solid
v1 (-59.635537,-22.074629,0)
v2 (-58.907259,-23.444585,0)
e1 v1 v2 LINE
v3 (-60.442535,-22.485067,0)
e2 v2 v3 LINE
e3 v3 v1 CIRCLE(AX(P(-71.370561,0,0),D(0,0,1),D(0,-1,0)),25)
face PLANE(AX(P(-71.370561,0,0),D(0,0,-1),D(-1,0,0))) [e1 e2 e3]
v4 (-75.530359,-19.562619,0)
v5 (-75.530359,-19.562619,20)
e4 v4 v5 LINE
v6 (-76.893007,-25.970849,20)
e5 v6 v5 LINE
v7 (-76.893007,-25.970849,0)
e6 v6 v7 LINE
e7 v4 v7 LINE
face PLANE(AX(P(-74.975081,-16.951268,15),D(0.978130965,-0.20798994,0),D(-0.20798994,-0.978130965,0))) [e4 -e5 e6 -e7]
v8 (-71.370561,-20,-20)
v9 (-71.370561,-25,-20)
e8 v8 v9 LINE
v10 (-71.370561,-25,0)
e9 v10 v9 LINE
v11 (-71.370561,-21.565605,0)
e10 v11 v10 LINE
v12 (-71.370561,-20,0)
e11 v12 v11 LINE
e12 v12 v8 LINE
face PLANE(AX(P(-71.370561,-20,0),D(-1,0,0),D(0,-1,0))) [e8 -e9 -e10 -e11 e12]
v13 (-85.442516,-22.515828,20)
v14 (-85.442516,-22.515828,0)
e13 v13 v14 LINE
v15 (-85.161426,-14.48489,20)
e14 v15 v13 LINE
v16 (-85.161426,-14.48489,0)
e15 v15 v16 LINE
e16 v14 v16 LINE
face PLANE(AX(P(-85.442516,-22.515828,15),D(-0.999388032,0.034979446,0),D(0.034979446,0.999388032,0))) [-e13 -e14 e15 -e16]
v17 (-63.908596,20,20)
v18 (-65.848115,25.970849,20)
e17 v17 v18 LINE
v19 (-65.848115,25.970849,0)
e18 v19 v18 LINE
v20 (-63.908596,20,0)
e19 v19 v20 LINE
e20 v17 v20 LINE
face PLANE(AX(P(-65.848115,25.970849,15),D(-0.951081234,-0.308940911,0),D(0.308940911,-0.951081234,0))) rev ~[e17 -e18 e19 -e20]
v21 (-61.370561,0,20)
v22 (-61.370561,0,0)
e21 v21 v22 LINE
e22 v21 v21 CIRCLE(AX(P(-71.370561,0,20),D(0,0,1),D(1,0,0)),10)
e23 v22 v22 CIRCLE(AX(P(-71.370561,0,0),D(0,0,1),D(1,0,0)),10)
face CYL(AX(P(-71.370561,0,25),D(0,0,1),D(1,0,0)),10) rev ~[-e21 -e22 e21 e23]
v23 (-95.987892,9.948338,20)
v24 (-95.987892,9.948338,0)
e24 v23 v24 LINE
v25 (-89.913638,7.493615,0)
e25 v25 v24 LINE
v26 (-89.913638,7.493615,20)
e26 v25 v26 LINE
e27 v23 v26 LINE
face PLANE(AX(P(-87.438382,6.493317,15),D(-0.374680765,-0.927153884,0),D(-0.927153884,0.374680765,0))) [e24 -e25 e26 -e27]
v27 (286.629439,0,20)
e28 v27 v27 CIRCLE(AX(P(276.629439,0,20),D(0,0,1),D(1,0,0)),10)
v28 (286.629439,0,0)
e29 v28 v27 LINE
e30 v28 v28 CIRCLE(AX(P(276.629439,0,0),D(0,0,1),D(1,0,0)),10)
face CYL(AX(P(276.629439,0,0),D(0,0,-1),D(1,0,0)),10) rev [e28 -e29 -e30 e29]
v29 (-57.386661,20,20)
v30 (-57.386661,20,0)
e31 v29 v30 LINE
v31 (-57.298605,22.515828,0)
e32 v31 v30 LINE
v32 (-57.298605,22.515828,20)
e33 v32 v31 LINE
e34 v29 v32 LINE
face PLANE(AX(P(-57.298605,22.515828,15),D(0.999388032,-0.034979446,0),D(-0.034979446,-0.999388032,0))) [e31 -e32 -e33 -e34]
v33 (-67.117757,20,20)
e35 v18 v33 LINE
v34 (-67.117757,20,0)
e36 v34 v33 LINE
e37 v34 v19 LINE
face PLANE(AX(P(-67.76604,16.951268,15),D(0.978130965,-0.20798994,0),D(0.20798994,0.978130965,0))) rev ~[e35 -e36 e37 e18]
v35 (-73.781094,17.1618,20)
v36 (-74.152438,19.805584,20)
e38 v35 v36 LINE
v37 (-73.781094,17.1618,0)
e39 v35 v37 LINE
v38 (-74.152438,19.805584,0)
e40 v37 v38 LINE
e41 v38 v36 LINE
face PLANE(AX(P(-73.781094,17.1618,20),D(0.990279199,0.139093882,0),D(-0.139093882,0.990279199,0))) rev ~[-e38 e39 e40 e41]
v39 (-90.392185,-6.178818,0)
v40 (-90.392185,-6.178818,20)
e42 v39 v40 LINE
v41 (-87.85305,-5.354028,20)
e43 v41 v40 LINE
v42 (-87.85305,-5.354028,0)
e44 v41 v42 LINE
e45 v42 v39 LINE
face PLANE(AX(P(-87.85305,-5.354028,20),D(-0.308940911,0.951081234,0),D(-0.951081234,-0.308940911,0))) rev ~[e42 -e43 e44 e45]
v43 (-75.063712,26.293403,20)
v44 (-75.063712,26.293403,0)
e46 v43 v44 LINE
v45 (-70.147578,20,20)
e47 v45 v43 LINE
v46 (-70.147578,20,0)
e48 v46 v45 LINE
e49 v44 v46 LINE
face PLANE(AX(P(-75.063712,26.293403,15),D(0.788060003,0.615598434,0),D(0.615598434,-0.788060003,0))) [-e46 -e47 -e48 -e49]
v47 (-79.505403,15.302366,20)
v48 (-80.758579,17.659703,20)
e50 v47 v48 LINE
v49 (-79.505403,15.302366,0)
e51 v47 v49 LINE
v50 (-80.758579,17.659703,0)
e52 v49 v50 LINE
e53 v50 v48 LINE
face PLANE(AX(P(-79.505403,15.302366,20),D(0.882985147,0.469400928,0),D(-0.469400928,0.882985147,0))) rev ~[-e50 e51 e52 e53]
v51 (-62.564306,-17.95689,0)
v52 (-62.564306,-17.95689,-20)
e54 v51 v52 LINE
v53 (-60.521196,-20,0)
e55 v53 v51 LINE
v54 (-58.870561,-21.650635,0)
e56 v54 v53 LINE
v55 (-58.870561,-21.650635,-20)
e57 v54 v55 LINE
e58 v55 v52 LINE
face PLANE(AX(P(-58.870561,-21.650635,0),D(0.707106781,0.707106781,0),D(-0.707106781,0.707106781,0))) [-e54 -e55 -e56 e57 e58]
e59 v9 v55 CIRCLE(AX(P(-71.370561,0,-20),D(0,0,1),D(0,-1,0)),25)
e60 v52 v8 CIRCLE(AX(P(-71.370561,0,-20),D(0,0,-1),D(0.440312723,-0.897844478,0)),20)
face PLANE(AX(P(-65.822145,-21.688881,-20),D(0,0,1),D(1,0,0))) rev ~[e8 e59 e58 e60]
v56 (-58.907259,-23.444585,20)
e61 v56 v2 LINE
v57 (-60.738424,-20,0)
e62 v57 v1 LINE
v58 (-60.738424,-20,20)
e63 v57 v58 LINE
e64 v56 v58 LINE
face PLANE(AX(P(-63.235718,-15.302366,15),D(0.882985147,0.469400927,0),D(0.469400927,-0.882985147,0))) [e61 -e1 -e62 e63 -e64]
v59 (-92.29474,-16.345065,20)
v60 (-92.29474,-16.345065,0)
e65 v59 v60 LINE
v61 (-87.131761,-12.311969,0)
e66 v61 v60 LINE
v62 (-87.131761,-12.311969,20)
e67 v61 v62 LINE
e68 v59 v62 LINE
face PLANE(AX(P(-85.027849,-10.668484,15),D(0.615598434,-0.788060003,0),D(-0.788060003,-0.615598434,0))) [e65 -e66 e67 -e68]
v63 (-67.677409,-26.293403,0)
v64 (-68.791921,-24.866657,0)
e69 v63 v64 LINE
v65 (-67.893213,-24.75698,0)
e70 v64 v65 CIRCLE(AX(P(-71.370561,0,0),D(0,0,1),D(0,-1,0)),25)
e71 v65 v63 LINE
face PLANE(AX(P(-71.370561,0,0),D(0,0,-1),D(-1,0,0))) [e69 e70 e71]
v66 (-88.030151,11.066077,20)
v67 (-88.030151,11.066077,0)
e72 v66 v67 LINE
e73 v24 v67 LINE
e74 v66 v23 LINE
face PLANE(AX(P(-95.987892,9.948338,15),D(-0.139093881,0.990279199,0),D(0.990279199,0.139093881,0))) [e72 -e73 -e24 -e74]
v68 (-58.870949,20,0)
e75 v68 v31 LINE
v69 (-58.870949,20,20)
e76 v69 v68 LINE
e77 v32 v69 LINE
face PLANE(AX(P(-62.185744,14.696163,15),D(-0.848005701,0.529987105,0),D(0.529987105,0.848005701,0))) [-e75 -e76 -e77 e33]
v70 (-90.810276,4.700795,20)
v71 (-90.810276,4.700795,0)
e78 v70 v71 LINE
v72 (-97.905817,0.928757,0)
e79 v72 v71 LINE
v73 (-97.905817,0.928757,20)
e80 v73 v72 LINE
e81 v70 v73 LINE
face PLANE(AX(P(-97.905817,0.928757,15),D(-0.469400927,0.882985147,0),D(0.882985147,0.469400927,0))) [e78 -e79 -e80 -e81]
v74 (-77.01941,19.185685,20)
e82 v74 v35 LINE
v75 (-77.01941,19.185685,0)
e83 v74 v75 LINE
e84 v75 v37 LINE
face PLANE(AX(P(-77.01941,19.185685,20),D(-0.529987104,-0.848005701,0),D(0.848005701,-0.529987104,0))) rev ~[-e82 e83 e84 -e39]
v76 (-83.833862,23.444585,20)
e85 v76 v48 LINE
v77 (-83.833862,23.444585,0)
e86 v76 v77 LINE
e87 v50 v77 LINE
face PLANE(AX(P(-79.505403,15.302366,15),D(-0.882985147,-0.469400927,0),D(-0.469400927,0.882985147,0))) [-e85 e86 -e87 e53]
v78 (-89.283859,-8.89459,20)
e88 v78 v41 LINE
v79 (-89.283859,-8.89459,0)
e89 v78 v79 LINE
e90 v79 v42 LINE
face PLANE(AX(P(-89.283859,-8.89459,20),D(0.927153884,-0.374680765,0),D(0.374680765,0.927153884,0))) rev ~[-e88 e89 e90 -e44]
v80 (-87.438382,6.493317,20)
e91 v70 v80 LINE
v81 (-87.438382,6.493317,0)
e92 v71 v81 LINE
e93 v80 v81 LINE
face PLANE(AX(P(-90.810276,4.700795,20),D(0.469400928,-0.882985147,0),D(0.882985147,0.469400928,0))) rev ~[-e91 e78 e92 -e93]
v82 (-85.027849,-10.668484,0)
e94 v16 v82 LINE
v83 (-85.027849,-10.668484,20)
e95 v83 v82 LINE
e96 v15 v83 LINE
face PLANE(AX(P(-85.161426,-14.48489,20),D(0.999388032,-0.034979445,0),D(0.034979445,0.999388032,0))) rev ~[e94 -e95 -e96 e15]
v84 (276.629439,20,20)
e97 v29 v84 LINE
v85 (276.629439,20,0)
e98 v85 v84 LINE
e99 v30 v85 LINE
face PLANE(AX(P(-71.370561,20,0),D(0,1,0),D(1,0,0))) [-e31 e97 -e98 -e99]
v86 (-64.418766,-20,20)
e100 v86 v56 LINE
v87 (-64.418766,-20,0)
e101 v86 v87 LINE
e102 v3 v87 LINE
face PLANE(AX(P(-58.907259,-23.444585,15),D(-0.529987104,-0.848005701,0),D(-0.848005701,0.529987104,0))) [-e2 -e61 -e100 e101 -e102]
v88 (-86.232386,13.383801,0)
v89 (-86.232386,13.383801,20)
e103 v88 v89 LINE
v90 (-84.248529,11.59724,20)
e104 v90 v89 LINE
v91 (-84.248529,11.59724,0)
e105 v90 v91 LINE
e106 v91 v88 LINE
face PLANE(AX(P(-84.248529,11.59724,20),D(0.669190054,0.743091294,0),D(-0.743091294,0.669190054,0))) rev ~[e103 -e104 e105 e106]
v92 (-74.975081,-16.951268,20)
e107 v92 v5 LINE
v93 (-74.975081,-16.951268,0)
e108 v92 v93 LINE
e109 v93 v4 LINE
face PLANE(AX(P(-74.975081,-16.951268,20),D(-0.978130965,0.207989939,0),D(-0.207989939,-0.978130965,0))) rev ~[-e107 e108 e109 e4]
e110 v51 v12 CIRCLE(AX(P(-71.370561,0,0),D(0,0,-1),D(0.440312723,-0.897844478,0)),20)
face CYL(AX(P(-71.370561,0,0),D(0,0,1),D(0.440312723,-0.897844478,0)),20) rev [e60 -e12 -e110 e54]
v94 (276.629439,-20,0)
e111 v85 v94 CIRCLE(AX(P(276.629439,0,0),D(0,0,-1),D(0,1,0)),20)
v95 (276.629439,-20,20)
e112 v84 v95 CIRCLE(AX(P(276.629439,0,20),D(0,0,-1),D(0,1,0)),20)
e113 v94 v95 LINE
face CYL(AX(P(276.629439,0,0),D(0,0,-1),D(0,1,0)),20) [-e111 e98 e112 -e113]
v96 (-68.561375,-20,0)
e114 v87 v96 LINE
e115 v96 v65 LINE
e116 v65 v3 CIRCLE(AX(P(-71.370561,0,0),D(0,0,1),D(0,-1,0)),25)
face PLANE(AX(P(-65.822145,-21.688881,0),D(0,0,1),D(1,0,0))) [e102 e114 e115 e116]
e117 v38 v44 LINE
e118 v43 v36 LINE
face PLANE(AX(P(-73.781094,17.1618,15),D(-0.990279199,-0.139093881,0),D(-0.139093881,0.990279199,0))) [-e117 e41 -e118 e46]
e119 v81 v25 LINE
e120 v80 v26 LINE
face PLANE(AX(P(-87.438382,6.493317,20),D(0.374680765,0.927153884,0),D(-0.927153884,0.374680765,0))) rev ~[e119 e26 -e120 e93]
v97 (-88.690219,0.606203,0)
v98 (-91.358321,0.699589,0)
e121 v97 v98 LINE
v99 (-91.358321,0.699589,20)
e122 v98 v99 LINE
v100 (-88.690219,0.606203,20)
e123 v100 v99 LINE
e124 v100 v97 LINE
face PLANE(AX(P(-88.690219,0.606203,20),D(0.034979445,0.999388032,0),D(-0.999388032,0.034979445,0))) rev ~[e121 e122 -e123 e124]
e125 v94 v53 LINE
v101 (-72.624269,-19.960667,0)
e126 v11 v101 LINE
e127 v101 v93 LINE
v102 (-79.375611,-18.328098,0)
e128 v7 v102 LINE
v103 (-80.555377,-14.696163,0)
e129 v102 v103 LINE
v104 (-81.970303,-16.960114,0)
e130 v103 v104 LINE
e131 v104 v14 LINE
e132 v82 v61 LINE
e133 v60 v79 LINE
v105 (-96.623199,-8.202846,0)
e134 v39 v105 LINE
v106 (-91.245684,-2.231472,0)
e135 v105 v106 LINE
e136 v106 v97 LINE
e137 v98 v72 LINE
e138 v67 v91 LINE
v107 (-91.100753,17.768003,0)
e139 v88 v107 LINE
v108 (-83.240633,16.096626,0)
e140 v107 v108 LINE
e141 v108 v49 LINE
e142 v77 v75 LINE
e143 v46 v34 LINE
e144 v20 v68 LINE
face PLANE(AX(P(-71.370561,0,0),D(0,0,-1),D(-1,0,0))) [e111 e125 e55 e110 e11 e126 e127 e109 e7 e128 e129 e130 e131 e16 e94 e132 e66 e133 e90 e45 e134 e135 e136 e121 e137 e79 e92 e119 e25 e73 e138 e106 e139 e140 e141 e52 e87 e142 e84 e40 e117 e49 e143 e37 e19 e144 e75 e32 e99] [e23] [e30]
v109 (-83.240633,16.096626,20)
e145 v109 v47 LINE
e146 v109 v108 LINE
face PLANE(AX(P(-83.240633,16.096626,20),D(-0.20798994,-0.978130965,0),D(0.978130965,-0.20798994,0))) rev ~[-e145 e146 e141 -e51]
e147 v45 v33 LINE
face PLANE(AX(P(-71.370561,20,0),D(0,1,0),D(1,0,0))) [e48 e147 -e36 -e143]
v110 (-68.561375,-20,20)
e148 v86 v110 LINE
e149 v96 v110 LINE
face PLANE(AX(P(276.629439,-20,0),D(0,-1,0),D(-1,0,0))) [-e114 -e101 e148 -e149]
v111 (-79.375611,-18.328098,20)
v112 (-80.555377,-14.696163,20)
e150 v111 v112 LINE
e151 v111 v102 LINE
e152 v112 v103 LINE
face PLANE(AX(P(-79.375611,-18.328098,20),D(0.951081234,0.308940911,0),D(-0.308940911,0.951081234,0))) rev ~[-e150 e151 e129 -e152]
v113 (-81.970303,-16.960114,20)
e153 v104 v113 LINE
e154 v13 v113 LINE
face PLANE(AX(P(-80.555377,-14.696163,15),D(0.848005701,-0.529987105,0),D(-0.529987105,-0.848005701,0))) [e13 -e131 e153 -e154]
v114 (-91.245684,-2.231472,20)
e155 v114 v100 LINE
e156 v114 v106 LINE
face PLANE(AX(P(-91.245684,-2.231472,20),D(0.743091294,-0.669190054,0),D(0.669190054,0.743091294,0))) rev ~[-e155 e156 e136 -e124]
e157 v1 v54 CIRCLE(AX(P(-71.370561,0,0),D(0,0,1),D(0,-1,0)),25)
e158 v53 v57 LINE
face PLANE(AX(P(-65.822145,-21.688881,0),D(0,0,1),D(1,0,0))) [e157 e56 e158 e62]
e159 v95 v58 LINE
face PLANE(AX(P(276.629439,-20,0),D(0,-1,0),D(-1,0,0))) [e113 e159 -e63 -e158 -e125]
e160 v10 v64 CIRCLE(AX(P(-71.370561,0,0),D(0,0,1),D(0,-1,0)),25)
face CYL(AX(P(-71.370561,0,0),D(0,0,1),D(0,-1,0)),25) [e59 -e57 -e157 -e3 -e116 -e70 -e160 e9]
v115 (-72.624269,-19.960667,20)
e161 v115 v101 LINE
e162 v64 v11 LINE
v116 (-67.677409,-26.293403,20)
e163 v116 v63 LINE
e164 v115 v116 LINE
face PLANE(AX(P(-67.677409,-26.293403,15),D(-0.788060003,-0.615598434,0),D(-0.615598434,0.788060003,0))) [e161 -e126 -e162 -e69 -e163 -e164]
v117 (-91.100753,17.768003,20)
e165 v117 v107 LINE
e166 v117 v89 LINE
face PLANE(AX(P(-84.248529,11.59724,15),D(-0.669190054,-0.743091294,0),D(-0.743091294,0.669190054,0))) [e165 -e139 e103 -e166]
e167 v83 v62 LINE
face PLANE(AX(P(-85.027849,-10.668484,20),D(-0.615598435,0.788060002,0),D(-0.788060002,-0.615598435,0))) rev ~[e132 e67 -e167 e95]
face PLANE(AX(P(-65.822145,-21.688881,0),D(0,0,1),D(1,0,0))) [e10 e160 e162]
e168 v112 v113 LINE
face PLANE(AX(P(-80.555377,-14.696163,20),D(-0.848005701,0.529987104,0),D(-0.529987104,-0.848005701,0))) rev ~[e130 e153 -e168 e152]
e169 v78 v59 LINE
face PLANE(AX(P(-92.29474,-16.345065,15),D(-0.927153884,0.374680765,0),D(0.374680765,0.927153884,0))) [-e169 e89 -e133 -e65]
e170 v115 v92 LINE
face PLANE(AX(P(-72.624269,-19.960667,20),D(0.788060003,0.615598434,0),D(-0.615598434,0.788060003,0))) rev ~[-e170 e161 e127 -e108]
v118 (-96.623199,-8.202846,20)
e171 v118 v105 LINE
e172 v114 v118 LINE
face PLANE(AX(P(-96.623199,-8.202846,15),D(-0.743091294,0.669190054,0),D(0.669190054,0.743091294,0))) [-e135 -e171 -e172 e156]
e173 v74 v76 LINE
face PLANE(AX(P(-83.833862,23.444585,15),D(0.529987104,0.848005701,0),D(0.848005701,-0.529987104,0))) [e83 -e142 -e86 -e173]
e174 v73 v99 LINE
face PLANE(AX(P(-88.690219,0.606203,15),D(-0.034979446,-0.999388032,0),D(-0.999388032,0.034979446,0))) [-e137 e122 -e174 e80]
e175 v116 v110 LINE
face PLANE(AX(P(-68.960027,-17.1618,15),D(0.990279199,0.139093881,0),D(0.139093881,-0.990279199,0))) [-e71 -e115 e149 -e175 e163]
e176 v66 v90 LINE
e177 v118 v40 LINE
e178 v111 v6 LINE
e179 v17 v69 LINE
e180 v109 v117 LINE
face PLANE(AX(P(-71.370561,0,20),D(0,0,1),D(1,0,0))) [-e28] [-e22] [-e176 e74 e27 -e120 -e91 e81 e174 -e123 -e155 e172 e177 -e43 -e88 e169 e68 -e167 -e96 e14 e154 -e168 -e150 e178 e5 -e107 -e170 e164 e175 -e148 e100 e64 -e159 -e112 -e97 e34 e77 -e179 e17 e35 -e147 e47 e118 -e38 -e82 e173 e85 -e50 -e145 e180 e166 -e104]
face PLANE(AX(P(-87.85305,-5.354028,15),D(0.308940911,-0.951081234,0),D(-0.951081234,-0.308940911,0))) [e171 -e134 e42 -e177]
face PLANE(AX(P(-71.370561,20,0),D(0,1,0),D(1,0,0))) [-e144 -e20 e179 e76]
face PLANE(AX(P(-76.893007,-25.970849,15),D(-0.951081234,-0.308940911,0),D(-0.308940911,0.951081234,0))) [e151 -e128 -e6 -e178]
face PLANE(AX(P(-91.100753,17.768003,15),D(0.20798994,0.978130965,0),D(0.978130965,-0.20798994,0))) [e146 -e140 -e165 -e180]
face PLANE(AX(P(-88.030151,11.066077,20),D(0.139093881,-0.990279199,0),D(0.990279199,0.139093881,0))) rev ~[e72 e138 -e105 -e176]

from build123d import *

# Parameters (mm, degrees)
SKETCH1_R                = 10
BOSS_EXTRUDE1_DEPTH      = 20
BOSS_EXTRUDE2_DEPTH      = 20
BOSS_EXTRUDE3_DEPTH      = 10
BOSS_EXTRUDE3_DEPTH_BACK = 15
CUT_EXTRUDE1_DEPTH       = 20
CIRPATTERN1_COUNT        = 18
SKETCH11_R               = 10
CUT_EXTRUDE3_DEPTH       = 33
SKETCH12_R               = 10
CUT_EXTRUDE4_DEPTH       = 5


with BuildPart() as part:
    # Sketch1 → Boss-Extrude1 (new body)
    with BuildSketch(Plane.XY):
        with BuildLine():
            Line((-71.370560529, 20), (276.629439471, 20))
            ThreePointArc((276.629439471, 20), (296.629439471, 0), (276.629439471, -20))
            Line((276.629439471, -20), (-71.370560529, -20))
            ThreePointArc((-71.370560529, -20), (-91.370560529, 0), (-71.370560529, 20))
        make_face()
        with Locations((-71.370560529, 0)):
            Circle(SKETCH1_R, mode=Mode.SUBTRACT)
        with Locations((276.629439471, 0)):
            Circle(SKETCH1_R, mode=Mode.SUBTRACT)
    extrude(amount=BOSS_EXTRUDE1_DEPTH)

    # Sketch2 → Boss-Extrude2 (add)
    with BuildSketch(Plane(origin=(0, 0, 0), x_dir=(-1, 0, 0), z_dir=(0, 0, -1))):
        with BuildLine():
            Line((71.370560529, -20), (71.370560529, -25))
            ThreePointArc((71.370560529, -25), (64.900084402, -24.148145657), (58.870560529, -21.650635095))
            Line((58.870560529, -21.650635095), (62.564306071, -17.956889553))
            ThreePointArc((62.564306071, -17.956889553), (66.850482602, -19.482527955), (71.370560529, -20))
        make_face()
    extrude(amount=BOSS_EXTRUDE2_DEPTH)

    # Sketch6 → Boss-Extrude3 (add, two sides)
    with BuildSketch(Plane.XY.offset(15)) as boss_extrude3_sk:
        Polygon((-65.848114546, 25.970849484), (-62.185743951, 14.6961629), (-57.298605127, 22.515827849), (-57.713272426, 10.668483548), (-50.44638121, 16.345065077), (-54.888071406, 5.354027631), (-46.117922126, 8.20284623), (-54.050901831, -0.606203036), (-44.835303924, -0.928756935), (-55.302738705, -6.49331667), (-46.753229286, -9.948338305), (-58.492592027, -11.597240483), (-51.64036811, -17.768003255), (-63.235718409, -15.302365936), (-58.907259326, -23.444584784), (-68.960026809, -17.161800219), (-67.677408606, -26.293403383), (-74.97508115, -16.951268114), (-76.893006513, -25.970849484), (-80.555377108, -14.6961629), (-85.442515932, -22.515827849), (-85.027848633, -10.668483548), (-92.294739849, -16.345065077), (-87.853049653, -5.354027631), (-96.623198932, -8.20284623), (-88.690219228, 0.606203036), (-97.905817135, 0.928756935), (-87.438382354, 6.49331667), (-95.987891773, 9.948338305), (-84.248529032, 11.597240483), (-91.100752949, 17.768003255), (-79.50540265, 15.302365936), (-83.833861733, 23.444584784), (-73.78109425, 17.161800219), (-75.063712453, 26.293403383), (-67.766039909, 16.951268114), align=None)
    extrude(amount=BOSS_EXTRUDE3_DEPTH)
    extrude(boss_extrude3_sk.sketch, amount=-BOSS_EXTRUDE3_DEPTH_BACK)

    # Sketch10 → Cut-Extrude1 (cut)
    with BuildSketch(Plane.XY.offset(20)):
        with BuildLine():
            Line((-77.019410052, 19.185684743), (-73.78109425, 17.161800219))
            Line((-73.78109425, 17.161800219), (-74.152438156, 19.805583982))
            ThreePointArc((-74.152438156, 19.805583982), (-75.597303819, 19.548264403), (-77.019410052, 19.185684743))
        make_face()
    cut_extrude1 = extrude(amount=-CUT_EXTRUDE1_DEPTH, mode=Mode.SUBTRACT)

    # CirPattern1: Cut-Extrude1 ×18 about axis, 9 skipped
    cirpattern1_axis = Axis((-71.370560529, 0, 20), (0, 0, -1))
    add([cut_extrude1.rotate(cirpattern1_axis, i * 360 / CIRPATTERN1_COUNT) for i in range(1, CIRPATTERN1_COUNT) if i not in (1, 2, 3, 4, 5, 6, 7, 8, 9)], mode=Mode.SUBTRACT)

    # Sketch11 → Cut-Extrude3 (cut)
    with BuildSketch(Plane.XY.offset(25)):
        with Locations((-71.370560529, 0)):
            Circle(SKETCH11_R)
    extrude(amount=-CUT_EXTRUDE3_DEPTH, mode=Mode.SUBTRACT)

    # Sketch12 → Cut-Extrude4 (cut)
    with BuildSketch(Plane.XY.offset(25)):
        Polygon((-97.905817135, 0.928756935), (-88.690219228, 0.606203036), (-96.623198932, -8.20284623), (-87.853049653, -5.354027631), (-92.294739849, -16.345065077), (-85.027848633, -10.668483548), (-85.442515932, -22.515827849), (-80.555377108, -14.6961629), (-76.893006513, -25.970849484), (-74.97508115, -16.951268114), (-67.677408606, -26.293403383), (-68.960026809, -17.161800219), (-58.907259326, -23.444584784), (-63.235718409, -15.302365936), (-51.64036811, -17.768003255), (-58.492592027, -11.597240483), (-46.753229286, -9.948338305), (-55.302738705, -6.49331667), (-44.835303924, -0.928756935), (-54.050901831, -0.606203036), (-46.117922126, 8.20284623), (-54.888071406, 5.354027631), (-50.44638121, 16.345065077), (-57.713272426, 10.668483548), (-57.298605127, 22.515827849), (-62.185743951, 14.6961629), (-65.848114546, 25.970849484), (-67.766039909, 16.951268114), (-75.063712453, 26.293403383), (-73.78109425, 17.161800219), (-83.833861733, 23.444584784), (-79.50540265, 15.302365936), (-91.100752949, 17.768003255), (-84.248529032, 11.597240483), (-95.987891773, 9.948338305), (-87.438382354, 6.49331667), align=None)
        with Locations((-71.370560529, 0)):
            Circle(SKETCH12_R, mode=Mode.SUBTRACT)
    extrude(amount=-CUT_EXTRUDE4_DEPTH, mode=Mode.SUBTRACT)


solid = part.part
